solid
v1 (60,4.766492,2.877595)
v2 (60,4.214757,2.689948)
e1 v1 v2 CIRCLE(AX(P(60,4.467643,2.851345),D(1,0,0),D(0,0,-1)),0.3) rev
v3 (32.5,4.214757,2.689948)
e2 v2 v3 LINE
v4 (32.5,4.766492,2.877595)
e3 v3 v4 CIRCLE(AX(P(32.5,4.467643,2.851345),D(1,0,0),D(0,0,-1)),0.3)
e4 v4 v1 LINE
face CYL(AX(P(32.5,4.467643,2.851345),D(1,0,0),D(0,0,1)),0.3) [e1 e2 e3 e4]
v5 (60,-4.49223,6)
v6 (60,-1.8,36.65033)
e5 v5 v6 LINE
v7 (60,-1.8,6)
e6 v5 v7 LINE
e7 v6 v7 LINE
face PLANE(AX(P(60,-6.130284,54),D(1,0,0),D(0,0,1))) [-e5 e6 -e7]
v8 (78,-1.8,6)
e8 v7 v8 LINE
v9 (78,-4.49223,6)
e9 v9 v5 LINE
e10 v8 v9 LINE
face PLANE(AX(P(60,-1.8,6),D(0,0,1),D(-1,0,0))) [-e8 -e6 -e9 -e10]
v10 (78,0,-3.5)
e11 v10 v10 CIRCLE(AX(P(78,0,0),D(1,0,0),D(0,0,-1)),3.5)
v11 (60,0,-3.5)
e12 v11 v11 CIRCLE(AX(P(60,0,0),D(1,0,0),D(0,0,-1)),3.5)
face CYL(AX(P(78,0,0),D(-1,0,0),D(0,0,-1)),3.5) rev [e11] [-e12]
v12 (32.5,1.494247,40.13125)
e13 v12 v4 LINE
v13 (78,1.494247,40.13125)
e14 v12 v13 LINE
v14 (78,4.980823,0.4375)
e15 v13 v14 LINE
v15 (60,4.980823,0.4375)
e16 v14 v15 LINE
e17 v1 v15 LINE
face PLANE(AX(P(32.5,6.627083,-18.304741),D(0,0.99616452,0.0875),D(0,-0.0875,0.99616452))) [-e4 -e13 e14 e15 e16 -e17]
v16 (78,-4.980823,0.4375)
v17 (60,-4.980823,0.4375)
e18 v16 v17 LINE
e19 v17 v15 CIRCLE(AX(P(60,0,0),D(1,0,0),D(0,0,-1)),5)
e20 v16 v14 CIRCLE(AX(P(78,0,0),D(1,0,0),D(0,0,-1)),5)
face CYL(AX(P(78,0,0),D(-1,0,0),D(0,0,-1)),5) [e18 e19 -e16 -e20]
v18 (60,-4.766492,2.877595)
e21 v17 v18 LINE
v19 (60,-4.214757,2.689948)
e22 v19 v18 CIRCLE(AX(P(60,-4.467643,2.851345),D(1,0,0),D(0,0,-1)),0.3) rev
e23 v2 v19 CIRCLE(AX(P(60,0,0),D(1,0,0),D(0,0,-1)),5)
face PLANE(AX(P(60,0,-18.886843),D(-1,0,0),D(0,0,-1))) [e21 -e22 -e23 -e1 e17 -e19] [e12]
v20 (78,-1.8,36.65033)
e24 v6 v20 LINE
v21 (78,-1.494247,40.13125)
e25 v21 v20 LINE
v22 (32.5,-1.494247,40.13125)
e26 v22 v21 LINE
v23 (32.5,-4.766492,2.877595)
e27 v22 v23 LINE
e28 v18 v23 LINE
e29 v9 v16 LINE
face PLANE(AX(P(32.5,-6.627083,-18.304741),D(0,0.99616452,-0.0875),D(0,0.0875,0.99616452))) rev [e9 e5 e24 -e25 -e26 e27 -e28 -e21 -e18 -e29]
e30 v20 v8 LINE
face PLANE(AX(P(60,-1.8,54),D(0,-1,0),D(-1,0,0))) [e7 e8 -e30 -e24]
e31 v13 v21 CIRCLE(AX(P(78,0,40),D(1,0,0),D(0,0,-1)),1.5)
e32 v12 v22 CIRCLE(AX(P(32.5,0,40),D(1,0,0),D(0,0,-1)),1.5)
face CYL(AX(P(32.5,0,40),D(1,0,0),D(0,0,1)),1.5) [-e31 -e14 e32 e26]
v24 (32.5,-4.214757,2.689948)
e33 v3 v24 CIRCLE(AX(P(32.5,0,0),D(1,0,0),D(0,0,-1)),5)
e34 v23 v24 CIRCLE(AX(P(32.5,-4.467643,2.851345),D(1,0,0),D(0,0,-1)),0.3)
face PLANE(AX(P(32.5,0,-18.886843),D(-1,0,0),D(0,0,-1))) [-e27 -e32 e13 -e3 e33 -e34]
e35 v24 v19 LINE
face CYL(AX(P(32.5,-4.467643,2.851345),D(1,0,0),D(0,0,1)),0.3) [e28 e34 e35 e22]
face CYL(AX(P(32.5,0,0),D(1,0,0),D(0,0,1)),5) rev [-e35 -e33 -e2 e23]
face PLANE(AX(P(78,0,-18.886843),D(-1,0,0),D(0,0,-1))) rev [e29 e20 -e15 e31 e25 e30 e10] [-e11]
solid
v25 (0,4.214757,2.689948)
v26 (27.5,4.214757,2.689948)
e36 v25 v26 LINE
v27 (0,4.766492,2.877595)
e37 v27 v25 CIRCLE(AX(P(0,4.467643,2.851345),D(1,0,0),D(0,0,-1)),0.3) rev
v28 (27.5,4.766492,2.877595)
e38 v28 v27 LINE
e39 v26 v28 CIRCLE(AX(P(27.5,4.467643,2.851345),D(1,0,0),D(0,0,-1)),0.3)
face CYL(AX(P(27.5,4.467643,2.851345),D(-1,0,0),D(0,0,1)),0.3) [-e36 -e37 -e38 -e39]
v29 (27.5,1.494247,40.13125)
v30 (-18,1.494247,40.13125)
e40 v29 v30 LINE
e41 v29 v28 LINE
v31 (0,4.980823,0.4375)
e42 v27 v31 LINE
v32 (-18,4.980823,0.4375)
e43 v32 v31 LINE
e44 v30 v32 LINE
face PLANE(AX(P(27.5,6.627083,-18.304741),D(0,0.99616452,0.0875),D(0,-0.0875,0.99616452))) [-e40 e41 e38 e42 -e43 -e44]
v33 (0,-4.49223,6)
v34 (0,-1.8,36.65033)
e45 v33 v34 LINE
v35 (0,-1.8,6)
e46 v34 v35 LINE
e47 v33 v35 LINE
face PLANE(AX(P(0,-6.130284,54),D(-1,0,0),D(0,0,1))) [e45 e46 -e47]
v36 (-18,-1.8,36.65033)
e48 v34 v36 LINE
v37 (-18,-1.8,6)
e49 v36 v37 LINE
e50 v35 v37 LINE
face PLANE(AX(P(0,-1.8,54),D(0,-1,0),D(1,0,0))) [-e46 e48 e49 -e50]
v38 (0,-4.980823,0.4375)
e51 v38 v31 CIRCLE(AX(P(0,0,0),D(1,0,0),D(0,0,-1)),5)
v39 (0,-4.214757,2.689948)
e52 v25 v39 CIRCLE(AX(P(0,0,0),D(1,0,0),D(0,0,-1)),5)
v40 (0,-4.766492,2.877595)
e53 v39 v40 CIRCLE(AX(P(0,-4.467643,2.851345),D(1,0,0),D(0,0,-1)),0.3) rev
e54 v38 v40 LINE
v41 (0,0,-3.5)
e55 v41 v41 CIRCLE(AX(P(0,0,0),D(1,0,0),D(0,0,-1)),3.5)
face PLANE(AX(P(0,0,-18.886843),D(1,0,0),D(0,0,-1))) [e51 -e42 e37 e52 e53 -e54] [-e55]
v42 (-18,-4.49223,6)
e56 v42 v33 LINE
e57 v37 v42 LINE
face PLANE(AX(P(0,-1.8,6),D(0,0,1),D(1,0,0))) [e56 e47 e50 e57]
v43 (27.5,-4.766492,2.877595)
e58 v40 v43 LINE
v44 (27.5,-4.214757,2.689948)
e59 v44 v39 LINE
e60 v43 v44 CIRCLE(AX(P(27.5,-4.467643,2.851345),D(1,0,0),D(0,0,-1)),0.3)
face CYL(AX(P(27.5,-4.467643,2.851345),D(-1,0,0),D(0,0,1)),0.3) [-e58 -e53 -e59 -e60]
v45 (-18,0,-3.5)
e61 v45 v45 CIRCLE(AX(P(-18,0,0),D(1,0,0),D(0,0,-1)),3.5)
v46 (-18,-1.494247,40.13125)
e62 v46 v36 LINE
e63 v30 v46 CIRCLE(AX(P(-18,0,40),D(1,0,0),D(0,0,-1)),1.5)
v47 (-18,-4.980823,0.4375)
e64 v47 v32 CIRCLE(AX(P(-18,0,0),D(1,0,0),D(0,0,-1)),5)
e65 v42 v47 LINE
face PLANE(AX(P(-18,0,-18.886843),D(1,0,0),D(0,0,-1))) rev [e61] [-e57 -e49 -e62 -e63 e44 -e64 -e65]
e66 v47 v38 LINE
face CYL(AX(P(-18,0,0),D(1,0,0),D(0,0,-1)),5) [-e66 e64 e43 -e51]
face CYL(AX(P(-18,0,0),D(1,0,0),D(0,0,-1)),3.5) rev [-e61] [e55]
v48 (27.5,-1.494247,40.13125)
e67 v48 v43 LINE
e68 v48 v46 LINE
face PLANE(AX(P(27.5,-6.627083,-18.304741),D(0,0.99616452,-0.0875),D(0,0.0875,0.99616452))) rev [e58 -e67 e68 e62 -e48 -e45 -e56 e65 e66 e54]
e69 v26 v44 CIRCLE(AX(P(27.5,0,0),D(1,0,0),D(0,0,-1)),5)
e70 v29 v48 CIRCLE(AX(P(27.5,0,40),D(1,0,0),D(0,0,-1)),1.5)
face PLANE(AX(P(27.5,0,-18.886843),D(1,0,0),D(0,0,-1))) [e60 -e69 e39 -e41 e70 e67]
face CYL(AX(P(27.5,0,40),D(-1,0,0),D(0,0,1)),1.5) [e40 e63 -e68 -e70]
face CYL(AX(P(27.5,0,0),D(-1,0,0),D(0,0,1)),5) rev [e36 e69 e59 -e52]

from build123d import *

# Parameters (mm, degrees)
BOSS_EXTRUDE1_DEPTH = 27.5
BOSS_EXTRUDE2_START = -18
SKETCH1_3_R         = 3.5
BOSS_EXTRUDE2_DEPTH = 18
FILLET1_R           = 0.3
CUT_EXTRUDE1_START  = 6
SKETCH2_W           = 18
SKETCH2_H           = 4.33028374
CUT_EXTRUDE1_DEPTH  = 48


with BuildPart() as part:
    # Sketch1 → Boss-Extrude1 (new body)
    with BuildSketch(Plane(origin=(0, 0, 0), x_dir=(0, 0, -1), z_dir=(1, 0, 0))):
        with BuildLine():
            Line((-0.4375, 4.980822598), (-40.13125, 1.494246779))
            ThreePointArc((-40.13125, 1.494246779), (-41.5, 0), (-40.13125, -1.494246779))
            Line((-40.13125, -1.494246779), (-0.4375, -4.980822598))
            ThreePointArc((-0.4375, -4.980822598), (-5, 0), (-0.4375, 4.980822598))
        make_face()
    extrude(amount=BOSS_EXTRUDE1_DEPTH)

    # Sketch1<3> → Boss-Extrude2 (add)
    with BuildSketch(Plane(origin=(0, 0, 0), x_dir=(0, 0, -1), z_dir=(1, 0, 0)).offset(BOSS_EXTRUDE2_START)):
        with BuildLine():
            Line((-0.4375, 4.980822598), (-40.13125, 1.494246779))
            ThreePointArc((-40.13125, 1.494246779), (-41.5, 0), (-40.13125, -1.494246779))
            Line((-40.13125, -1.494246779), (-0.4375, -4.980822598))
            ThreePointArc((-0.4375, -4.980822598), (5, 0), (-0.4375, 4.980822598))
        make_face()
        Circle(SKETCH1_3_R, mode=Mode.SUBTRACT)
    extrude(amount=BOSS_EXTRUDE2_DEPTH)

    # Fillet1
    fillet1_edges = [part.edges().sort_by_distance(p)[0] for p in [
        (13.75, -4.980822598, 0.4375),
        (13.75, 4.980822598, 0.4375),
    ]]
    fillet(fillet1_edges, radius=FILLET1_R)

    # Sketch2 → Cut-Extrude1 (cut)
    with BuildSketch(Plane.XY.offset(CUT_EXTRUDE1_START)):
        with Locations((-9, -3.96514187)):
            Rectangle(SKETCH2_W, SKETCH2_H)
    extrude(amount=CUT_EXTRUDE1_DEPTH, mode=Mode.SUBTRACT)


with BuildPart() as body_2:
    # Mirror2: mirrored copy
    add(part.part.mirror(Plane(origin=(30, 0, 0), x_dir=(0, 0, 1), z_dir=(1, 0, 0))))


solid = Compound([part.part, body_2.part])
